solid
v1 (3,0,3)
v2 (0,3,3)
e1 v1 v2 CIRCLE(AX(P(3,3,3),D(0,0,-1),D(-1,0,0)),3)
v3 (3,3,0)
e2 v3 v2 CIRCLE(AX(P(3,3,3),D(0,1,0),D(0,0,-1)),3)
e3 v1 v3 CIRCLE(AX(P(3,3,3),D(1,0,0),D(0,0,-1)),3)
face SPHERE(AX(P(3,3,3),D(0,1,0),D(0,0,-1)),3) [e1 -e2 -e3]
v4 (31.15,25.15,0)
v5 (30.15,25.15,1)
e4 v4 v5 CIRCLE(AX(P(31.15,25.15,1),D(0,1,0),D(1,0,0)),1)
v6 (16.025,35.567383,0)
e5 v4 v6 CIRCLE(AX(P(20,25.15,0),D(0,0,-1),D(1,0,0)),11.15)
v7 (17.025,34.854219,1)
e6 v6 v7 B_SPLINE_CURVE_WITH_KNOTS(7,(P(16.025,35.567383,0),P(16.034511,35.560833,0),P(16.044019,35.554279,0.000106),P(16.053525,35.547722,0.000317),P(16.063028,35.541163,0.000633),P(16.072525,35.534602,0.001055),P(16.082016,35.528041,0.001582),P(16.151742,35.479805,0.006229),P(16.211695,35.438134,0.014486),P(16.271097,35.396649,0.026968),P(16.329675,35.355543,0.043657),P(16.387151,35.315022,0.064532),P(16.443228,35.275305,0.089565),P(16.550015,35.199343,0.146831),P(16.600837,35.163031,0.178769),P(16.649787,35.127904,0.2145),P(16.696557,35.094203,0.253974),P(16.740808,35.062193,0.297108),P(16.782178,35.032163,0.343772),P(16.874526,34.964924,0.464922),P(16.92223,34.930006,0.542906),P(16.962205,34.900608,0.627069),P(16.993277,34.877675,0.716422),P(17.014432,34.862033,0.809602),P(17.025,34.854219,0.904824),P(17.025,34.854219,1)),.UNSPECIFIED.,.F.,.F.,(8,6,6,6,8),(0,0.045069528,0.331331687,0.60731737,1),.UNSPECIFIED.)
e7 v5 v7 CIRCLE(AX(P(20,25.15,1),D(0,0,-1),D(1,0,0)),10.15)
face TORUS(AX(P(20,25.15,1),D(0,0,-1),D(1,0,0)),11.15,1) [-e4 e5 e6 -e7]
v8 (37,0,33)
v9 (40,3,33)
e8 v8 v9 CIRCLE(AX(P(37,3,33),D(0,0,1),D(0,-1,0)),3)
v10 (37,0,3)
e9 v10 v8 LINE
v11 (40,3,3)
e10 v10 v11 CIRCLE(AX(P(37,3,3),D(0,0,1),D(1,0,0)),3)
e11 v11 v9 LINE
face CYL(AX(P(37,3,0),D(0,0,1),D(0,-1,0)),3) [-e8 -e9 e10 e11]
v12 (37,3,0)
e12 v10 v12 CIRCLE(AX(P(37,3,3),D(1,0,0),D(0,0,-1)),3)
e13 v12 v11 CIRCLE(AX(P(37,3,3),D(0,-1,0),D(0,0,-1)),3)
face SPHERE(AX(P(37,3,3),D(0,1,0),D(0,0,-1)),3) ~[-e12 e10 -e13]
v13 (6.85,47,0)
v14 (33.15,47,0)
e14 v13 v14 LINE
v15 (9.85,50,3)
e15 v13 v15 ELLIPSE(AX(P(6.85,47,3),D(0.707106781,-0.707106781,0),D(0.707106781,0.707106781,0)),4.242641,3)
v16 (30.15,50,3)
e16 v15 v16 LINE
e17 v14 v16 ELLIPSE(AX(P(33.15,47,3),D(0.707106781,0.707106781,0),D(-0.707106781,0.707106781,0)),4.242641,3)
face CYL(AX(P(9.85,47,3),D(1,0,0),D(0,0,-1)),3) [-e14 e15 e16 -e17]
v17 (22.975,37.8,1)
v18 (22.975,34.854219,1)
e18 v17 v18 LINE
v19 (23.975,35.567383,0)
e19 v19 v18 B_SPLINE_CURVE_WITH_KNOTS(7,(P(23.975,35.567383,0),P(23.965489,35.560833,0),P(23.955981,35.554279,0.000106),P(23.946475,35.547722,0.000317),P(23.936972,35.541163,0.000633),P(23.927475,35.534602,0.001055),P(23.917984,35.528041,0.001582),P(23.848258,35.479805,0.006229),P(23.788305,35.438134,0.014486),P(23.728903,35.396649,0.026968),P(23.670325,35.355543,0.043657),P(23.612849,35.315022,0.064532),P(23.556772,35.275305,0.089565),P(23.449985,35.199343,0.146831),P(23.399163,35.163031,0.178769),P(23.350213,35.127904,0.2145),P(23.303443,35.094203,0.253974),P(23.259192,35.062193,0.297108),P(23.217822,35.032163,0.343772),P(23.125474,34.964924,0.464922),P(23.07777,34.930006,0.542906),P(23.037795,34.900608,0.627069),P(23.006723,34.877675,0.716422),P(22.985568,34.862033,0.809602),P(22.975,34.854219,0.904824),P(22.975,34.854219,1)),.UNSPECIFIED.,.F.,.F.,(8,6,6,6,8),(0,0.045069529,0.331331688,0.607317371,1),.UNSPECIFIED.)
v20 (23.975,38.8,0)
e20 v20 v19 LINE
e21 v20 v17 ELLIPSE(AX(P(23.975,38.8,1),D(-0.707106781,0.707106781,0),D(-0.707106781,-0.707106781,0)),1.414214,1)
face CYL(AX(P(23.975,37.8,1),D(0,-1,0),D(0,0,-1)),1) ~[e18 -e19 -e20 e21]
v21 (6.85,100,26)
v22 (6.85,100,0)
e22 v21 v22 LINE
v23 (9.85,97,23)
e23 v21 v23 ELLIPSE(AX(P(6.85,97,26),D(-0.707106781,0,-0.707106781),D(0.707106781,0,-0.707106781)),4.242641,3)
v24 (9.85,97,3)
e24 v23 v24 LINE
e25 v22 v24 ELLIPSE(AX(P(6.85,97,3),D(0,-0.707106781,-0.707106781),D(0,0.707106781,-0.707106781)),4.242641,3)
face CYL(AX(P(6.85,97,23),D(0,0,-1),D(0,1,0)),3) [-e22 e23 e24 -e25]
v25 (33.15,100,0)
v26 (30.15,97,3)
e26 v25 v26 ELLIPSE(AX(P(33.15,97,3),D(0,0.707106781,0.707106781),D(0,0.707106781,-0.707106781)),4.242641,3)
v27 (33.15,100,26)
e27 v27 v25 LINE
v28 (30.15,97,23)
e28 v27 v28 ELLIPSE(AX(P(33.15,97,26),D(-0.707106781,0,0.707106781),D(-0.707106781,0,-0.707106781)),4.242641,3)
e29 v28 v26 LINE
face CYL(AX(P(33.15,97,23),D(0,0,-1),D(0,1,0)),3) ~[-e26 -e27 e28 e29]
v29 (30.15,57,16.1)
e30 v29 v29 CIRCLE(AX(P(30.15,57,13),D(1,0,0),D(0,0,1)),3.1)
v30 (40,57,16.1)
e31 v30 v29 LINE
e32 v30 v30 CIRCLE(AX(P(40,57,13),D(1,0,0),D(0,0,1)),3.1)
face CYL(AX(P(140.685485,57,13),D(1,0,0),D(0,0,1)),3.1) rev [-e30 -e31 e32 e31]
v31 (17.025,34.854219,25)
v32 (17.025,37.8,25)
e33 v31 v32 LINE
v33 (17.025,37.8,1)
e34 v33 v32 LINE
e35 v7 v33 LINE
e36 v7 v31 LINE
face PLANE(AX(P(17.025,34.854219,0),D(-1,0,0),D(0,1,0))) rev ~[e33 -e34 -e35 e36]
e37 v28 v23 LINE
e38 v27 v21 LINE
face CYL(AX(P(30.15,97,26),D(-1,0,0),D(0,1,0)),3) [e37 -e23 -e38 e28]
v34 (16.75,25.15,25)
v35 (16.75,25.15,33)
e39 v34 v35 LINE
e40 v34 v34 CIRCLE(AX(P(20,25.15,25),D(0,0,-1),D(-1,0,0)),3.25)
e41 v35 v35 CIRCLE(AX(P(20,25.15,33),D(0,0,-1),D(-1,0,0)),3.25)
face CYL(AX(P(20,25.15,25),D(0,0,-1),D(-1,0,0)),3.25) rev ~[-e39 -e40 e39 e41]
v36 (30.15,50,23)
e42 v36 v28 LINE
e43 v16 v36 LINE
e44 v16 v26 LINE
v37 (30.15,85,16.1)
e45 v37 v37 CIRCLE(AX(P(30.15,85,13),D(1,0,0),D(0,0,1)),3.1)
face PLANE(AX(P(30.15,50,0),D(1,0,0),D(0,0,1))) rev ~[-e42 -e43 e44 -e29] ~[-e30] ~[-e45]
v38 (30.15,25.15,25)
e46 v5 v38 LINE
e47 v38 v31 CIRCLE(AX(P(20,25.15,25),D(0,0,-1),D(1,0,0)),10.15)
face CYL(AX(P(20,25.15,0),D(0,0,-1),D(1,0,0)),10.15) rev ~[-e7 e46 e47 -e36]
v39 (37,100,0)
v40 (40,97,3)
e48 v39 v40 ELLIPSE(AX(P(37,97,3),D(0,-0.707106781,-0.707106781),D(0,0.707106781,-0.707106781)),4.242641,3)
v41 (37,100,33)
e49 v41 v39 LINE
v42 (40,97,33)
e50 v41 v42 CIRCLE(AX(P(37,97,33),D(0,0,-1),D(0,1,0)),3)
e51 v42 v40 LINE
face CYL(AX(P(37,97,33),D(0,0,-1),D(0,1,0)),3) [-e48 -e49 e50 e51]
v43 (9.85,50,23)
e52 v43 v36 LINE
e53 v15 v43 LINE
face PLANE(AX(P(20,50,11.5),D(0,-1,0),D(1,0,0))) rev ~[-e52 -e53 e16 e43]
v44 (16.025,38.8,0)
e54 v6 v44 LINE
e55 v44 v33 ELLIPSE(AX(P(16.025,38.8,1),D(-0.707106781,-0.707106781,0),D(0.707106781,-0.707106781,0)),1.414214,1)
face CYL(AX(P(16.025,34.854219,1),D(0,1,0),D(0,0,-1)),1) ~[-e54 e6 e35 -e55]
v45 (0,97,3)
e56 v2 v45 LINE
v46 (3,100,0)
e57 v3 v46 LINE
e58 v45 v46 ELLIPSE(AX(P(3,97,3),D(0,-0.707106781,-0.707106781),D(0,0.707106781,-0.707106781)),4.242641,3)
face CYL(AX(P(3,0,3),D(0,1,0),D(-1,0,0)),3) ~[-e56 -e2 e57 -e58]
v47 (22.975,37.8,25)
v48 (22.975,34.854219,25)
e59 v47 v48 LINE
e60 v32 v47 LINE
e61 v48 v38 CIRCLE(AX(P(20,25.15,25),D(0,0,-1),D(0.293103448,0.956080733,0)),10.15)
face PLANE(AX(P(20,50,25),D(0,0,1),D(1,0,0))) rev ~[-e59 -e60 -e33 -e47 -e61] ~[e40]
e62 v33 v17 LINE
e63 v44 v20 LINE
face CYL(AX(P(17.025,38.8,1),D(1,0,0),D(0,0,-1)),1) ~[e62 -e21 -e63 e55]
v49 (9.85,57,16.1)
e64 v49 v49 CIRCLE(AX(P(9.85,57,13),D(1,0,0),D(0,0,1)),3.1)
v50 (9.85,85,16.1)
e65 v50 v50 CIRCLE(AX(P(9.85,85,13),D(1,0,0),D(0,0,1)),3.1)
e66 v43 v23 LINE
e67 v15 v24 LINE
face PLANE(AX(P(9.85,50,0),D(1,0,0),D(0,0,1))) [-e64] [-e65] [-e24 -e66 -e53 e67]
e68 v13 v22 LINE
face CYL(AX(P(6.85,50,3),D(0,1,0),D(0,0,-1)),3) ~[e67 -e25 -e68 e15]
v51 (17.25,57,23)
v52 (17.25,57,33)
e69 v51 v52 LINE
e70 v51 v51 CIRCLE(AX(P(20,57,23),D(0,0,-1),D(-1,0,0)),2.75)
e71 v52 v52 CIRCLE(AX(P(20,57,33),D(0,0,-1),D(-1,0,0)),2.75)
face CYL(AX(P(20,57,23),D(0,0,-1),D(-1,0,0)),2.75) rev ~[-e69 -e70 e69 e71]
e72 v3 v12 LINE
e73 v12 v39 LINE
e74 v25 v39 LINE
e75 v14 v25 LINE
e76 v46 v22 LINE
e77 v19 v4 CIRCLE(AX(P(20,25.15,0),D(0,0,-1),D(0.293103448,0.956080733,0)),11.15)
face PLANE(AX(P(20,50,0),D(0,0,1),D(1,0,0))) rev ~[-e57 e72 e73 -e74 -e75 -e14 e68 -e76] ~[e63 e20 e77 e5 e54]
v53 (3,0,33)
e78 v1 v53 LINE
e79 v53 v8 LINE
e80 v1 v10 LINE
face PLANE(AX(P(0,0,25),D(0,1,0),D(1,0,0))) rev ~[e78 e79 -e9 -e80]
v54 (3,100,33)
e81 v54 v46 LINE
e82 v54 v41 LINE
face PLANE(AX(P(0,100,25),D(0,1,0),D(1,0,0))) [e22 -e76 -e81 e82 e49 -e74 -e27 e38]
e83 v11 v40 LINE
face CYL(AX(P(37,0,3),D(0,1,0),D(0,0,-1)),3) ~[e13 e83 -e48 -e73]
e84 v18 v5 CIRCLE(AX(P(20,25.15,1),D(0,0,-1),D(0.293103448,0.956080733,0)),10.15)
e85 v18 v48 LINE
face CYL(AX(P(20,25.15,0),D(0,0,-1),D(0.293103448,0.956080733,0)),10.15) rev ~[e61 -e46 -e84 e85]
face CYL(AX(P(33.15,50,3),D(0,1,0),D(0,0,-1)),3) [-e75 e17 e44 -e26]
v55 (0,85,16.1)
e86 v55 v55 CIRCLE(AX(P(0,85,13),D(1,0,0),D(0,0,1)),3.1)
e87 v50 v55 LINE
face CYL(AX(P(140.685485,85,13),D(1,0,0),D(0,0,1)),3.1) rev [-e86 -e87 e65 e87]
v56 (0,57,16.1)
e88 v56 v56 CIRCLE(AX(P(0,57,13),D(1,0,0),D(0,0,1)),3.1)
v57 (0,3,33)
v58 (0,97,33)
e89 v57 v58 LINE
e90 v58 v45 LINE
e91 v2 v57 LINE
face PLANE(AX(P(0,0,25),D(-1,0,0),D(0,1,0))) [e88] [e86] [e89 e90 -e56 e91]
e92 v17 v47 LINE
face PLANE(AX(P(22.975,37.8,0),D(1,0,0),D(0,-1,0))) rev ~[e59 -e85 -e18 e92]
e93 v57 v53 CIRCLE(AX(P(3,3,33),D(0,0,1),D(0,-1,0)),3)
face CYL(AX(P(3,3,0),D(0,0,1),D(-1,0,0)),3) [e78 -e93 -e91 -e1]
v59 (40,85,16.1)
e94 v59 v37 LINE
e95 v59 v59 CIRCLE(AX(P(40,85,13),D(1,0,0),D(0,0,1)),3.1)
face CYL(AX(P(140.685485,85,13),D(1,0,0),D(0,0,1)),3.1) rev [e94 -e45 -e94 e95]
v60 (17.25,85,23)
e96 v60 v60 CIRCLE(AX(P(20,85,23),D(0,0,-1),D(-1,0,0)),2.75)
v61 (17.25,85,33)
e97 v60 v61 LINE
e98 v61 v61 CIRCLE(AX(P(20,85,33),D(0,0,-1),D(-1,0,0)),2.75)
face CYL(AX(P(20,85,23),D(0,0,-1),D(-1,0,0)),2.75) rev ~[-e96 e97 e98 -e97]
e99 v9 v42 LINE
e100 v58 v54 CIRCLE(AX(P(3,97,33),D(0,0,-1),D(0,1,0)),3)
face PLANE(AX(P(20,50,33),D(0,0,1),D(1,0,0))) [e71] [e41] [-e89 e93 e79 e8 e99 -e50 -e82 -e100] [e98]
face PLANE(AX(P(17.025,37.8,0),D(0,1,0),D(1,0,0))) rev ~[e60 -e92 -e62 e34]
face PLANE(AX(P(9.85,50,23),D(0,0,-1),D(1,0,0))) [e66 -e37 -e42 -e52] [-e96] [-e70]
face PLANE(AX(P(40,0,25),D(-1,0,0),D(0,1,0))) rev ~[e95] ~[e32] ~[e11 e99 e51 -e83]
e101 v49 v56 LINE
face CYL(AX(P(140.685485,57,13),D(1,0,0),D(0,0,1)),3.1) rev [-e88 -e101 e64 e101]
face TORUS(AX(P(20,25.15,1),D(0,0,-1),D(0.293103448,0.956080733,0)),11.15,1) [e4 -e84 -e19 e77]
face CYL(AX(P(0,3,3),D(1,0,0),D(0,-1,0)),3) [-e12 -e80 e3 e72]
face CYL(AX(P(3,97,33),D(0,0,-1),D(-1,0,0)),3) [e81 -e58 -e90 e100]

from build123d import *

# Parameters (mm, degrees)
SKETCH1_W               = 40
SKETCH1_H               = 100
BOSS_EXTRUDE1_DEPTH     = 25
BOSS_EXTRUDE2_START     = 25
SKETCH1_3_W             = 40
SKETCH1_3_H             = 100
SKETCH1_3_R             = 2.75
BOSS_EXTRUDE2_DEPTH     = 8
CUT_EXTRUDE1_START      = -50
SKETCH2_W               = 20.3
SKETCH2_H               = 23
CUT_EXTRUDE1_DEPTH      = 63.645461515
CUT_EXTRUDE2_DEPTH      = 110.535485118
CUT_EXTRUDE2_DEPTH_BACK = 110.535485118
SKETCH3_R               = 3.1
SKETCH4_R               = 2.75
CUT_EXTRUDE3_DEPTH      = 111.131739294
FILLET1_R               = 3
FILLET2_R               = 1
SKETCH6_R               = 3.25
CUT_EXTRUDE4_DEPTH      = 111.56672196


with BuildPart() as part:
    # Sketch1 → Boss-Extrude1 (new body)
    with BuildSketch(Plane.XY):
        with Locations((20, 50)):
            Rectangle(SKETCH1_W, SKETCH1_H)
        with BuildLine():
            Line((22.975, 37.8), (22.975, 34.854219443))
            ThreePointArc((22.975, 34.854219443), (28.161456671, 31.184328877), (30.15, 25.15))
            ThreePointArc((30.15, 25.15), (13.965671123, 16.988543329), (17.025, 34.854219443))
            Line((17.025, 34.854219443), (17.025, 37.8))
            Line((17.025, 37.8), (22.975, 37.8))
        make_face(mode=Mode.SUBTRACT)
    extrude(amount=BOSS_EXTRUDE1_DEPTH)

    # Sketch1<3> → Boss-Extrude2 (add)
    with BuildSketch(Plane.XY.offset(BOSS_EXTRUDE2_START)):
        with Locations((20, 50)):
            Rectangle(SKETCH1_3_W, SKETCH1_3_H)
        with Locations((20, 25.15)):
            Circle(SKETCH1_3_R, mode=Mode.SUBTRACT)
    extrude(amount=BOSS_EXTRUDE2_DEPTH)

    # Sketch2 → Cut-Extrude1 (cut, through all)
    with BuildSketch(Plane.XZ.offset(CUT_EXTRUDE1_START)):
        with Locations((20, 11.5)):
            Rectangle(SKETCH2_W, SKETCH2_H)
    extrude(amount=-CUT_EXTRUDE1_DEPTH, mode=Mode.SUBTRACT)

    # Sketch3 → Cut-Extrude2 (cut, two sides: drawn at the far end of the back side and taken through both)
    with BuildSketch(Plane.ZY.offset(-30.15).offset(-CUT_EXTRUDE2_DEPTH_BACK)):
        with Locations((13, 57)):
            Circle(SKETCH3_R)
        with Locations((13, 85)):
            Circle(SKETCH3_R)
    extrude(amount=CUT_EXTRUDE2_DEPTH + CUT_EXTRUDE2_DEPTH_BACK, mode=Mode.SUBTRACT)

    # Sketch4 → Cut-Extrude3 (cut, through all)
    with BuildSketch(Plane(origin=(0, 0, 23), x_dir=(-1, 0, 0), z_dir=(0, 0, -1))):
        with Locations((-20, 57)):
            Circle(SKETCH4_R)
        with Locations((-20, 85)):
            Circle(SKETCH4_R)
    extrude(amount=-CUT_EXTRUDE3_DEPTH, mode=Mode.SUBTRACT)

    # Fillet1
    fillet1_edges = [part.edges().sort_by_distance(p)[0] for p in [
        (0, 50, 0),
        (40, 50, 0),
        (20, 0, 0),
        (0, 0, 16.5),
        (0, 100, 16.5),
        (40, 100, 16.5),
        (40, 0, 16.5),
        (9.85, 100, 11.5),
        (9.85, 75, 0),
        (20, 100, 23),
        (30.15, 100, 11.5),
        (30.15, 75, 0),
        (20, 50, 0),
    ]]
    fillet(fillet1_edges, radius=FILLET1_R)

    # Fillet2
    fillet2_edges = [part.edges().sort_by_distance(p)[0] for p in [
        (22.975, 36.327109722, 0),
        (20, 37.8, 0),
        (17.025, 36.327109722, 0),
        (20, 15, 0),
    ]]
    fillet(fillet2_edges, radius=FILLET2_R)

    # Sketch6 → Cut-Extrude4 (cut, through all)
    with BuildSketch(Plane(origin=(0, 0, 25), x_dir=(-1, 0, 0), z_dir=(0, 0, -1))):
        with Locations((-20, 25.15)):
            Circle(SKETCH6_R)
    extrude(amount=-CUT_EXTRUDE4_DEPTH, mode=Mode.SUBTRACT)


solid = part.part
